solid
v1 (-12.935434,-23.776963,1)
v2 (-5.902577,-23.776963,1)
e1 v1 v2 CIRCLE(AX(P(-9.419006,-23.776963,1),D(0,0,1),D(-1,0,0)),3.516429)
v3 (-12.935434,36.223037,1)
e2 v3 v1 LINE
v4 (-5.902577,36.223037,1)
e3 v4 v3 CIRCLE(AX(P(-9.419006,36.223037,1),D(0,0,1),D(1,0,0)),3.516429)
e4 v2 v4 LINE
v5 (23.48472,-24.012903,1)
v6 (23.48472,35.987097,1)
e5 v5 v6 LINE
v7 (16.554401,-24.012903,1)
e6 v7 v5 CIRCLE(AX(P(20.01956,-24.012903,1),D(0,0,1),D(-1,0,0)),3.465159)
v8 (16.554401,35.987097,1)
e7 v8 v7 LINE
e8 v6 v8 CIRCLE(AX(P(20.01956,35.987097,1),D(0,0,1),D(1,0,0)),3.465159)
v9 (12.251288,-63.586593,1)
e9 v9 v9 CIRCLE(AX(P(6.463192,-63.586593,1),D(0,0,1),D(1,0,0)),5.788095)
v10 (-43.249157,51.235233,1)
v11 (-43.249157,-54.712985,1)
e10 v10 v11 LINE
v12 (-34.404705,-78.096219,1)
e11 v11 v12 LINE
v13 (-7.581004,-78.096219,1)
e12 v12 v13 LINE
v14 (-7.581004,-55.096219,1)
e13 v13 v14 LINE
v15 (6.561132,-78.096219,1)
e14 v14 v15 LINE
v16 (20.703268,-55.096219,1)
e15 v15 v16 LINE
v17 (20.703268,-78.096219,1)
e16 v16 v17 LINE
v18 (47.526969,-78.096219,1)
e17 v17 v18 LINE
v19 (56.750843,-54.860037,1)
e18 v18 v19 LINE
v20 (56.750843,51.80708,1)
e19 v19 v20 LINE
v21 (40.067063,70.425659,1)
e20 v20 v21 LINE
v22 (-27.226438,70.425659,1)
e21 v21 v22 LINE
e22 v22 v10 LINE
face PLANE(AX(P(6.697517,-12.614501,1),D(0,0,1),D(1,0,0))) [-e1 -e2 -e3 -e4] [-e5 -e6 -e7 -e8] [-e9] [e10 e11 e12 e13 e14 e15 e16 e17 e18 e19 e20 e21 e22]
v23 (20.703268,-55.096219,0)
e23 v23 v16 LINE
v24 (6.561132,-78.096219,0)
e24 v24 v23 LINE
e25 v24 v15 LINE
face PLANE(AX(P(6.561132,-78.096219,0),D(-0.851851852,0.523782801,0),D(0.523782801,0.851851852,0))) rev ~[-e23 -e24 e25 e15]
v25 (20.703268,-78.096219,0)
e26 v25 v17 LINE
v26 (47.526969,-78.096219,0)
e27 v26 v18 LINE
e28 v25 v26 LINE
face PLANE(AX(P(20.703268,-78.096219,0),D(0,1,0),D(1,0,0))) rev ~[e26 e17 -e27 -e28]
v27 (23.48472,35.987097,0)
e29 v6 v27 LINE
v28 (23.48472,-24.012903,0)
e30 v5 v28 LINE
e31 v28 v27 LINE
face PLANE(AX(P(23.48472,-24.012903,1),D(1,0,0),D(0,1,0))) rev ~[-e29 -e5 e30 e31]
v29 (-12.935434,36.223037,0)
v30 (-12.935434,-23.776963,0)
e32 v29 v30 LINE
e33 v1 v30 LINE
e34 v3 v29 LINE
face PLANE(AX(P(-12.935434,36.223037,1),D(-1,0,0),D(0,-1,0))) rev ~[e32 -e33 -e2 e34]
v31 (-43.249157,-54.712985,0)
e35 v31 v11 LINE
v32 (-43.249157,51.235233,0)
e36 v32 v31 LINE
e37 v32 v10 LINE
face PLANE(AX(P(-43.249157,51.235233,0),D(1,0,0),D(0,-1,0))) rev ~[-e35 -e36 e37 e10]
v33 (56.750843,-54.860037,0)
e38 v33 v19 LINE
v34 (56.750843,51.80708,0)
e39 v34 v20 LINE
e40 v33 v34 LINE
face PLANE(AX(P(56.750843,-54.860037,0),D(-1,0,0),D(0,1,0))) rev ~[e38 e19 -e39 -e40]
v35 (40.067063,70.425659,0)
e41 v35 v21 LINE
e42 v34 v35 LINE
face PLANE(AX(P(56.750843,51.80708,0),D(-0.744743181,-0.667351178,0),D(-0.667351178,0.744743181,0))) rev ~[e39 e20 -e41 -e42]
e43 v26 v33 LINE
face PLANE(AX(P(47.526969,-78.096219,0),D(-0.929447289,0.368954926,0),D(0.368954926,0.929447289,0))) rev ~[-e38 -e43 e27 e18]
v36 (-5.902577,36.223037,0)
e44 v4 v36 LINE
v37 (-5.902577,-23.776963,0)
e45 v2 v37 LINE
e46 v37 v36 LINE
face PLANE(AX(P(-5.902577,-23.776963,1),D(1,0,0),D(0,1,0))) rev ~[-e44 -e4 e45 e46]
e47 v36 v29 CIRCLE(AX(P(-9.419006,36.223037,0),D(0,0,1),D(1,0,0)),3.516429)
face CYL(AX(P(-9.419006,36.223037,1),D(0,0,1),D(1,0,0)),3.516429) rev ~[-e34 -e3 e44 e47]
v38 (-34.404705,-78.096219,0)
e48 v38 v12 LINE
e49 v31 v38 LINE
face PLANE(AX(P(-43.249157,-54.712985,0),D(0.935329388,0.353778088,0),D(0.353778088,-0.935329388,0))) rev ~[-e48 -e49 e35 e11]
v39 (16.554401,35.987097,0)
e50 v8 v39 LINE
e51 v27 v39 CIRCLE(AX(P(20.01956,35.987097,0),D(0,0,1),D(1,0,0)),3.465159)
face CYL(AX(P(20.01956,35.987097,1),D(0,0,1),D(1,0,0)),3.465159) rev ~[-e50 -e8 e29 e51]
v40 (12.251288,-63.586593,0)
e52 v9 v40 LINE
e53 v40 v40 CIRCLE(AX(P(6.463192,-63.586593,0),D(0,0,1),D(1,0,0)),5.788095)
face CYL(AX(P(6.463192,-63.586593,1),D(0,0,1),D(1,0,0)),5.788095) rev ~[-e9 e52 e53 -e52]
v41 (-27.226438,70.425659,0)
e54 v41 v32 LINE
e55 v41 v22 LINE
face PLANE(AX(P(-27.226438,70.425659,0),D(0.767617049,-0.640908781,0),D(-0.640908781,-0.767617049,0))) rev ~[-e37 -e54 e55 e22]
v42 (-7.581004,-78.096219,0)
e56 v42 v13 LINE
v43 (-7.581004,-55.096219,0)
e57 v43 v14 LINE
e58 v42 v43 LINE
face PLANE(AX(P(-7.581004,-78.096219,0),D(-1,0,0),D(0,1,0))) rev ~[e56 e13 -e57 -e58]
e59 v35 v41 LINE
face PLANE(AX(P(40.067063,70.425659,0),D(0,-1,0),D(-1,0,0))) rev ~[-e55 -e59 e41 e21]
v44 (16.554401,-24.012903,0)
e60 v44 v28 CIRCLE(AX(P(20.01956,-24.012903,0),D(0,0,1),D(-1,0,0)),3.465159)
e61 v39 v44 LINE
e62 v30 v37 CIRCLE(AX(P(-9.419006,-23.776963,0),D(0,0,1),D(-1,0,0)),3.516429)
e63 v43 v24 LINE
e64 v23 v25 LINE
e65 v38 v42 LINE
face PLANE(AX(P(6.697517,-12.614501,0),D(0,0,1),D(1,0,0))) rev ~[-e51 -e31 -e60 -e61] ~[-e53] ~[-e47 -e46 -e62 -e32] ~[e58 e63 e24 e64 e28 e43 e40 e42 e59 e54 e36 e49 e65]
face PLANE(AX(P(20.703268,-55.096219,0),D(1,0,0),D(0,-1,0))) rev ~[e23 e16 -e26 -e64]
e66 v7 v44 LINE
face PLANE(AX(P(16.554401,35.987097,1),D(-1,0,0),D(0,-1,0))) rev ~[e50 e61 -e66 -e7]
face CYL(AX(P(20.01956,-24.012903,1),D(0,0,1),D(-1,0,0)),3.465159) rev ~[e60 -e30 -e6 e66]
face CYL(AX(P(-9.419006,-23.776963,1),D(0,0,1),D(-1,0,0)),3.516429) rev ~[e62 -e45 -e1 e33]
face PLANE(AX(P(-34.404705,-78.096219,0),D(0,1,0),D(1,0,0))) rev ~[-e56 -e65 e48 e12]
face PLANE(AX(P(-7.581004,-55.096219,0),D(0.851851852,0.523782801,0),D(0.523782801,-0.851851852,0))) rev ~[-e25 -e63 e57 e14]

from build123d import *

# Parameters (mm, degrees)
F1_DEPTH = 1
F3_DEPTH = 25
F5_DEPTH = 25
F6_DEPTH = 25
F2_R     = 5.7880952092
F7_DEPTH = 25


with BuildPart() as f1:
    # F0 (on Top) → F1 (new body)
    with BuildSketch(Plane.XY):
        Polygon((40.0670631063, 70.4256593338), (-27.2264379082, 70.4256593338), (-43.2491574436, 51.2352331091), (-43.2491574436, -54.7129847109), (-34.4047052506, -78.0962194188), (-7.5810035465, -78.0962194188), (-7.5810035465, -55.0962194188), (6.5611320772, -78.0962194188), (20.703267701, -55.0962194188), (20.703267701, -78.0962194188), (47.5269694051, -78.0962194188), (56.7508425564, -54.8600372004), (56.7508425564, 51.807079816), align=None)
    extrude(amount=F1_DEPTH)

    # F2 (on face) → F3 (cut)
    with BuildSketch(Plane.XY.offset(1)):
        with BuildLine():
            ThreePointArc((-5.9025767259, 36.2230366468), (-9.419005597, 39.7394655179), (-12.9354344681, 36.2230366468))
            Line((-12.9354344681, 36.2230366468), (-12.9354344681, -23.7769633532))
            ThreePointArc((-12.9354344681, -23.7769633532), (-9.419005597, -27.2933922242), (-5.9025767259, -23.7769633532))
            Line((-5.9025767259, -23.7769633532), (-5.9025767259, 36.2230366468))
        make_face()
    extrude(amount=-F3_DEPTH, mode=Mode.SUBTRACT)

    # F4 (on face) → F5 (cut)
    with BuildSketch(Plane.XY.offset(1)):
        with BuildLine():
            Line((16.5544010537, 35.9870965779), (16.5544010537, -24.0129034221))
            ThreePointArc((16.5544010537, -24.0129034221), (20.0195604854, -27.4780628539), (23.4847199172, -24.0129034221))
            Line((23.4847199172, -24.0129034221), (23.4847199172, 35.9870965779))
            ThreePointArc((23.4847199172, 35.9870965779), (20.0195604854, 39.4522560096), (16.5544010537, 35.9870965779))
        make_face()
    extrude(amount=-F5_DEPTH, mode=Mode.SUBTRACT)

    # F2 (on face) → F6 (cut)
    with BuildSketch(Plane.XY.offset(1)):
        with BuildLine():
            ThreePointArc((-5.9025767259, 36.2230366468), (-9.419005597, 39.7394655179), (-12.9354344681, 36.2230366468))
            Line((-12.9354344681, 36.2230366468), (-12.9354344681, -23.7769633532))
            ThreePointArc((-12.9354344681, -23.7769633532), (-9.419005597, -27.2933922242), (-5.9025767259, -23.7769633532))
            Line((-5.9025767259, -23.7769633532), (-5.9025767259, 36.2230366468))
        make_face()
    extrude(amount=-F6_DEPTH, mode=Mode.SUBTRACT)

    # F2 (on face) + F1_face1 (on face) → F7 (cut)
    with BuildSketch(Plane.XY.offset(1)):
        with BuildLine():
            ThreePointArc((-5.9025767259, 36.2230366468), (-9.419005597, 39.7394655179), (-12.9354344681, 36.2230366468))
            Line((-12.9354344681, 36.2230366468), (-12.9354344681, -23.7769633532))
            ThreePointArc((-12.9354344681, -23.7769633532), (-9.419005597, -27.2933922242), (-5.9025767259, -23.7769633532))
            Line((-5.9025767259, -23.7769633532), (-5.9025767259, 36.2230366468))
        make_face()
        with Locations((6.4631924033, -63.5865926743)):
            Circle(F2_R)
    with BuildSketch(Plane(origin=(6.8498182108, -3.4099472257, 0), x_dir=(1, 0, 0), z_dir=(0, 0, -1))):
        Polygon((33.2172448955, -73.8356065595), (49.9010243455, -55.2170270416), (49.9010243455, 51.4500899747), (40.6771511943, 74.6862721932), (13.8534494901, 74.6862721932), (13.8534494901, 51.6862721932), (-0.2886861336, 74.6862721932), (-14.4308217573, 51.6862721932), (-14.4308217573, 74.6862721932), (-41.2545234614, 74.6862721932), (-50.0989756545, 51.3030374853), (-50.0989756545, -54.6451803347), (-34.076256119, -73.8356065595), align=None)
        with BuildLine():
            Line((9.7045828429, -39.3970438035), (9.7045828429, 20.6029561965))
            ThreePointArc((9.7045828429, 20.6029561965), (13.1697422746, 24.0681156282), (16.6349017064, 20.6029561965))
            Line((16.6349017064, 20.6029561965), (16.6349017064, -39.3970438035))
            ThreePointArc((16.6349017064, -39.3970438035), (13.1697422746, -42.8622032353), (9.7045828429, -39.3970438035))
        make_face(mode=Mode.SUBTRACT)
        with BuildLine():
            Line((-12.7523949367, 20.3670161275), (-12.7523949367, -39.6329838725))
            ThreePointArc((-12.7523949367, -39.6329838725), (-16.2688238078, -43.1494127436), (-19.7852526789, -39.6329838725))
            Line((-19.7852526789, -39.6329838725), (-19.7852526789, 20.3670161275))
            ThreePointArc((-19.7852526789, 20.3670161275), (-16.2688238078, 23.8834449986), (-12.7523949367, 20.3670161275))
        make_face(mode=Mode.SUBTRACT)
    extrude(amount=-F7_DEPTH, dir=(0, 0, 1), mode=Mode.SUBTRACT)


solid = f1.part
